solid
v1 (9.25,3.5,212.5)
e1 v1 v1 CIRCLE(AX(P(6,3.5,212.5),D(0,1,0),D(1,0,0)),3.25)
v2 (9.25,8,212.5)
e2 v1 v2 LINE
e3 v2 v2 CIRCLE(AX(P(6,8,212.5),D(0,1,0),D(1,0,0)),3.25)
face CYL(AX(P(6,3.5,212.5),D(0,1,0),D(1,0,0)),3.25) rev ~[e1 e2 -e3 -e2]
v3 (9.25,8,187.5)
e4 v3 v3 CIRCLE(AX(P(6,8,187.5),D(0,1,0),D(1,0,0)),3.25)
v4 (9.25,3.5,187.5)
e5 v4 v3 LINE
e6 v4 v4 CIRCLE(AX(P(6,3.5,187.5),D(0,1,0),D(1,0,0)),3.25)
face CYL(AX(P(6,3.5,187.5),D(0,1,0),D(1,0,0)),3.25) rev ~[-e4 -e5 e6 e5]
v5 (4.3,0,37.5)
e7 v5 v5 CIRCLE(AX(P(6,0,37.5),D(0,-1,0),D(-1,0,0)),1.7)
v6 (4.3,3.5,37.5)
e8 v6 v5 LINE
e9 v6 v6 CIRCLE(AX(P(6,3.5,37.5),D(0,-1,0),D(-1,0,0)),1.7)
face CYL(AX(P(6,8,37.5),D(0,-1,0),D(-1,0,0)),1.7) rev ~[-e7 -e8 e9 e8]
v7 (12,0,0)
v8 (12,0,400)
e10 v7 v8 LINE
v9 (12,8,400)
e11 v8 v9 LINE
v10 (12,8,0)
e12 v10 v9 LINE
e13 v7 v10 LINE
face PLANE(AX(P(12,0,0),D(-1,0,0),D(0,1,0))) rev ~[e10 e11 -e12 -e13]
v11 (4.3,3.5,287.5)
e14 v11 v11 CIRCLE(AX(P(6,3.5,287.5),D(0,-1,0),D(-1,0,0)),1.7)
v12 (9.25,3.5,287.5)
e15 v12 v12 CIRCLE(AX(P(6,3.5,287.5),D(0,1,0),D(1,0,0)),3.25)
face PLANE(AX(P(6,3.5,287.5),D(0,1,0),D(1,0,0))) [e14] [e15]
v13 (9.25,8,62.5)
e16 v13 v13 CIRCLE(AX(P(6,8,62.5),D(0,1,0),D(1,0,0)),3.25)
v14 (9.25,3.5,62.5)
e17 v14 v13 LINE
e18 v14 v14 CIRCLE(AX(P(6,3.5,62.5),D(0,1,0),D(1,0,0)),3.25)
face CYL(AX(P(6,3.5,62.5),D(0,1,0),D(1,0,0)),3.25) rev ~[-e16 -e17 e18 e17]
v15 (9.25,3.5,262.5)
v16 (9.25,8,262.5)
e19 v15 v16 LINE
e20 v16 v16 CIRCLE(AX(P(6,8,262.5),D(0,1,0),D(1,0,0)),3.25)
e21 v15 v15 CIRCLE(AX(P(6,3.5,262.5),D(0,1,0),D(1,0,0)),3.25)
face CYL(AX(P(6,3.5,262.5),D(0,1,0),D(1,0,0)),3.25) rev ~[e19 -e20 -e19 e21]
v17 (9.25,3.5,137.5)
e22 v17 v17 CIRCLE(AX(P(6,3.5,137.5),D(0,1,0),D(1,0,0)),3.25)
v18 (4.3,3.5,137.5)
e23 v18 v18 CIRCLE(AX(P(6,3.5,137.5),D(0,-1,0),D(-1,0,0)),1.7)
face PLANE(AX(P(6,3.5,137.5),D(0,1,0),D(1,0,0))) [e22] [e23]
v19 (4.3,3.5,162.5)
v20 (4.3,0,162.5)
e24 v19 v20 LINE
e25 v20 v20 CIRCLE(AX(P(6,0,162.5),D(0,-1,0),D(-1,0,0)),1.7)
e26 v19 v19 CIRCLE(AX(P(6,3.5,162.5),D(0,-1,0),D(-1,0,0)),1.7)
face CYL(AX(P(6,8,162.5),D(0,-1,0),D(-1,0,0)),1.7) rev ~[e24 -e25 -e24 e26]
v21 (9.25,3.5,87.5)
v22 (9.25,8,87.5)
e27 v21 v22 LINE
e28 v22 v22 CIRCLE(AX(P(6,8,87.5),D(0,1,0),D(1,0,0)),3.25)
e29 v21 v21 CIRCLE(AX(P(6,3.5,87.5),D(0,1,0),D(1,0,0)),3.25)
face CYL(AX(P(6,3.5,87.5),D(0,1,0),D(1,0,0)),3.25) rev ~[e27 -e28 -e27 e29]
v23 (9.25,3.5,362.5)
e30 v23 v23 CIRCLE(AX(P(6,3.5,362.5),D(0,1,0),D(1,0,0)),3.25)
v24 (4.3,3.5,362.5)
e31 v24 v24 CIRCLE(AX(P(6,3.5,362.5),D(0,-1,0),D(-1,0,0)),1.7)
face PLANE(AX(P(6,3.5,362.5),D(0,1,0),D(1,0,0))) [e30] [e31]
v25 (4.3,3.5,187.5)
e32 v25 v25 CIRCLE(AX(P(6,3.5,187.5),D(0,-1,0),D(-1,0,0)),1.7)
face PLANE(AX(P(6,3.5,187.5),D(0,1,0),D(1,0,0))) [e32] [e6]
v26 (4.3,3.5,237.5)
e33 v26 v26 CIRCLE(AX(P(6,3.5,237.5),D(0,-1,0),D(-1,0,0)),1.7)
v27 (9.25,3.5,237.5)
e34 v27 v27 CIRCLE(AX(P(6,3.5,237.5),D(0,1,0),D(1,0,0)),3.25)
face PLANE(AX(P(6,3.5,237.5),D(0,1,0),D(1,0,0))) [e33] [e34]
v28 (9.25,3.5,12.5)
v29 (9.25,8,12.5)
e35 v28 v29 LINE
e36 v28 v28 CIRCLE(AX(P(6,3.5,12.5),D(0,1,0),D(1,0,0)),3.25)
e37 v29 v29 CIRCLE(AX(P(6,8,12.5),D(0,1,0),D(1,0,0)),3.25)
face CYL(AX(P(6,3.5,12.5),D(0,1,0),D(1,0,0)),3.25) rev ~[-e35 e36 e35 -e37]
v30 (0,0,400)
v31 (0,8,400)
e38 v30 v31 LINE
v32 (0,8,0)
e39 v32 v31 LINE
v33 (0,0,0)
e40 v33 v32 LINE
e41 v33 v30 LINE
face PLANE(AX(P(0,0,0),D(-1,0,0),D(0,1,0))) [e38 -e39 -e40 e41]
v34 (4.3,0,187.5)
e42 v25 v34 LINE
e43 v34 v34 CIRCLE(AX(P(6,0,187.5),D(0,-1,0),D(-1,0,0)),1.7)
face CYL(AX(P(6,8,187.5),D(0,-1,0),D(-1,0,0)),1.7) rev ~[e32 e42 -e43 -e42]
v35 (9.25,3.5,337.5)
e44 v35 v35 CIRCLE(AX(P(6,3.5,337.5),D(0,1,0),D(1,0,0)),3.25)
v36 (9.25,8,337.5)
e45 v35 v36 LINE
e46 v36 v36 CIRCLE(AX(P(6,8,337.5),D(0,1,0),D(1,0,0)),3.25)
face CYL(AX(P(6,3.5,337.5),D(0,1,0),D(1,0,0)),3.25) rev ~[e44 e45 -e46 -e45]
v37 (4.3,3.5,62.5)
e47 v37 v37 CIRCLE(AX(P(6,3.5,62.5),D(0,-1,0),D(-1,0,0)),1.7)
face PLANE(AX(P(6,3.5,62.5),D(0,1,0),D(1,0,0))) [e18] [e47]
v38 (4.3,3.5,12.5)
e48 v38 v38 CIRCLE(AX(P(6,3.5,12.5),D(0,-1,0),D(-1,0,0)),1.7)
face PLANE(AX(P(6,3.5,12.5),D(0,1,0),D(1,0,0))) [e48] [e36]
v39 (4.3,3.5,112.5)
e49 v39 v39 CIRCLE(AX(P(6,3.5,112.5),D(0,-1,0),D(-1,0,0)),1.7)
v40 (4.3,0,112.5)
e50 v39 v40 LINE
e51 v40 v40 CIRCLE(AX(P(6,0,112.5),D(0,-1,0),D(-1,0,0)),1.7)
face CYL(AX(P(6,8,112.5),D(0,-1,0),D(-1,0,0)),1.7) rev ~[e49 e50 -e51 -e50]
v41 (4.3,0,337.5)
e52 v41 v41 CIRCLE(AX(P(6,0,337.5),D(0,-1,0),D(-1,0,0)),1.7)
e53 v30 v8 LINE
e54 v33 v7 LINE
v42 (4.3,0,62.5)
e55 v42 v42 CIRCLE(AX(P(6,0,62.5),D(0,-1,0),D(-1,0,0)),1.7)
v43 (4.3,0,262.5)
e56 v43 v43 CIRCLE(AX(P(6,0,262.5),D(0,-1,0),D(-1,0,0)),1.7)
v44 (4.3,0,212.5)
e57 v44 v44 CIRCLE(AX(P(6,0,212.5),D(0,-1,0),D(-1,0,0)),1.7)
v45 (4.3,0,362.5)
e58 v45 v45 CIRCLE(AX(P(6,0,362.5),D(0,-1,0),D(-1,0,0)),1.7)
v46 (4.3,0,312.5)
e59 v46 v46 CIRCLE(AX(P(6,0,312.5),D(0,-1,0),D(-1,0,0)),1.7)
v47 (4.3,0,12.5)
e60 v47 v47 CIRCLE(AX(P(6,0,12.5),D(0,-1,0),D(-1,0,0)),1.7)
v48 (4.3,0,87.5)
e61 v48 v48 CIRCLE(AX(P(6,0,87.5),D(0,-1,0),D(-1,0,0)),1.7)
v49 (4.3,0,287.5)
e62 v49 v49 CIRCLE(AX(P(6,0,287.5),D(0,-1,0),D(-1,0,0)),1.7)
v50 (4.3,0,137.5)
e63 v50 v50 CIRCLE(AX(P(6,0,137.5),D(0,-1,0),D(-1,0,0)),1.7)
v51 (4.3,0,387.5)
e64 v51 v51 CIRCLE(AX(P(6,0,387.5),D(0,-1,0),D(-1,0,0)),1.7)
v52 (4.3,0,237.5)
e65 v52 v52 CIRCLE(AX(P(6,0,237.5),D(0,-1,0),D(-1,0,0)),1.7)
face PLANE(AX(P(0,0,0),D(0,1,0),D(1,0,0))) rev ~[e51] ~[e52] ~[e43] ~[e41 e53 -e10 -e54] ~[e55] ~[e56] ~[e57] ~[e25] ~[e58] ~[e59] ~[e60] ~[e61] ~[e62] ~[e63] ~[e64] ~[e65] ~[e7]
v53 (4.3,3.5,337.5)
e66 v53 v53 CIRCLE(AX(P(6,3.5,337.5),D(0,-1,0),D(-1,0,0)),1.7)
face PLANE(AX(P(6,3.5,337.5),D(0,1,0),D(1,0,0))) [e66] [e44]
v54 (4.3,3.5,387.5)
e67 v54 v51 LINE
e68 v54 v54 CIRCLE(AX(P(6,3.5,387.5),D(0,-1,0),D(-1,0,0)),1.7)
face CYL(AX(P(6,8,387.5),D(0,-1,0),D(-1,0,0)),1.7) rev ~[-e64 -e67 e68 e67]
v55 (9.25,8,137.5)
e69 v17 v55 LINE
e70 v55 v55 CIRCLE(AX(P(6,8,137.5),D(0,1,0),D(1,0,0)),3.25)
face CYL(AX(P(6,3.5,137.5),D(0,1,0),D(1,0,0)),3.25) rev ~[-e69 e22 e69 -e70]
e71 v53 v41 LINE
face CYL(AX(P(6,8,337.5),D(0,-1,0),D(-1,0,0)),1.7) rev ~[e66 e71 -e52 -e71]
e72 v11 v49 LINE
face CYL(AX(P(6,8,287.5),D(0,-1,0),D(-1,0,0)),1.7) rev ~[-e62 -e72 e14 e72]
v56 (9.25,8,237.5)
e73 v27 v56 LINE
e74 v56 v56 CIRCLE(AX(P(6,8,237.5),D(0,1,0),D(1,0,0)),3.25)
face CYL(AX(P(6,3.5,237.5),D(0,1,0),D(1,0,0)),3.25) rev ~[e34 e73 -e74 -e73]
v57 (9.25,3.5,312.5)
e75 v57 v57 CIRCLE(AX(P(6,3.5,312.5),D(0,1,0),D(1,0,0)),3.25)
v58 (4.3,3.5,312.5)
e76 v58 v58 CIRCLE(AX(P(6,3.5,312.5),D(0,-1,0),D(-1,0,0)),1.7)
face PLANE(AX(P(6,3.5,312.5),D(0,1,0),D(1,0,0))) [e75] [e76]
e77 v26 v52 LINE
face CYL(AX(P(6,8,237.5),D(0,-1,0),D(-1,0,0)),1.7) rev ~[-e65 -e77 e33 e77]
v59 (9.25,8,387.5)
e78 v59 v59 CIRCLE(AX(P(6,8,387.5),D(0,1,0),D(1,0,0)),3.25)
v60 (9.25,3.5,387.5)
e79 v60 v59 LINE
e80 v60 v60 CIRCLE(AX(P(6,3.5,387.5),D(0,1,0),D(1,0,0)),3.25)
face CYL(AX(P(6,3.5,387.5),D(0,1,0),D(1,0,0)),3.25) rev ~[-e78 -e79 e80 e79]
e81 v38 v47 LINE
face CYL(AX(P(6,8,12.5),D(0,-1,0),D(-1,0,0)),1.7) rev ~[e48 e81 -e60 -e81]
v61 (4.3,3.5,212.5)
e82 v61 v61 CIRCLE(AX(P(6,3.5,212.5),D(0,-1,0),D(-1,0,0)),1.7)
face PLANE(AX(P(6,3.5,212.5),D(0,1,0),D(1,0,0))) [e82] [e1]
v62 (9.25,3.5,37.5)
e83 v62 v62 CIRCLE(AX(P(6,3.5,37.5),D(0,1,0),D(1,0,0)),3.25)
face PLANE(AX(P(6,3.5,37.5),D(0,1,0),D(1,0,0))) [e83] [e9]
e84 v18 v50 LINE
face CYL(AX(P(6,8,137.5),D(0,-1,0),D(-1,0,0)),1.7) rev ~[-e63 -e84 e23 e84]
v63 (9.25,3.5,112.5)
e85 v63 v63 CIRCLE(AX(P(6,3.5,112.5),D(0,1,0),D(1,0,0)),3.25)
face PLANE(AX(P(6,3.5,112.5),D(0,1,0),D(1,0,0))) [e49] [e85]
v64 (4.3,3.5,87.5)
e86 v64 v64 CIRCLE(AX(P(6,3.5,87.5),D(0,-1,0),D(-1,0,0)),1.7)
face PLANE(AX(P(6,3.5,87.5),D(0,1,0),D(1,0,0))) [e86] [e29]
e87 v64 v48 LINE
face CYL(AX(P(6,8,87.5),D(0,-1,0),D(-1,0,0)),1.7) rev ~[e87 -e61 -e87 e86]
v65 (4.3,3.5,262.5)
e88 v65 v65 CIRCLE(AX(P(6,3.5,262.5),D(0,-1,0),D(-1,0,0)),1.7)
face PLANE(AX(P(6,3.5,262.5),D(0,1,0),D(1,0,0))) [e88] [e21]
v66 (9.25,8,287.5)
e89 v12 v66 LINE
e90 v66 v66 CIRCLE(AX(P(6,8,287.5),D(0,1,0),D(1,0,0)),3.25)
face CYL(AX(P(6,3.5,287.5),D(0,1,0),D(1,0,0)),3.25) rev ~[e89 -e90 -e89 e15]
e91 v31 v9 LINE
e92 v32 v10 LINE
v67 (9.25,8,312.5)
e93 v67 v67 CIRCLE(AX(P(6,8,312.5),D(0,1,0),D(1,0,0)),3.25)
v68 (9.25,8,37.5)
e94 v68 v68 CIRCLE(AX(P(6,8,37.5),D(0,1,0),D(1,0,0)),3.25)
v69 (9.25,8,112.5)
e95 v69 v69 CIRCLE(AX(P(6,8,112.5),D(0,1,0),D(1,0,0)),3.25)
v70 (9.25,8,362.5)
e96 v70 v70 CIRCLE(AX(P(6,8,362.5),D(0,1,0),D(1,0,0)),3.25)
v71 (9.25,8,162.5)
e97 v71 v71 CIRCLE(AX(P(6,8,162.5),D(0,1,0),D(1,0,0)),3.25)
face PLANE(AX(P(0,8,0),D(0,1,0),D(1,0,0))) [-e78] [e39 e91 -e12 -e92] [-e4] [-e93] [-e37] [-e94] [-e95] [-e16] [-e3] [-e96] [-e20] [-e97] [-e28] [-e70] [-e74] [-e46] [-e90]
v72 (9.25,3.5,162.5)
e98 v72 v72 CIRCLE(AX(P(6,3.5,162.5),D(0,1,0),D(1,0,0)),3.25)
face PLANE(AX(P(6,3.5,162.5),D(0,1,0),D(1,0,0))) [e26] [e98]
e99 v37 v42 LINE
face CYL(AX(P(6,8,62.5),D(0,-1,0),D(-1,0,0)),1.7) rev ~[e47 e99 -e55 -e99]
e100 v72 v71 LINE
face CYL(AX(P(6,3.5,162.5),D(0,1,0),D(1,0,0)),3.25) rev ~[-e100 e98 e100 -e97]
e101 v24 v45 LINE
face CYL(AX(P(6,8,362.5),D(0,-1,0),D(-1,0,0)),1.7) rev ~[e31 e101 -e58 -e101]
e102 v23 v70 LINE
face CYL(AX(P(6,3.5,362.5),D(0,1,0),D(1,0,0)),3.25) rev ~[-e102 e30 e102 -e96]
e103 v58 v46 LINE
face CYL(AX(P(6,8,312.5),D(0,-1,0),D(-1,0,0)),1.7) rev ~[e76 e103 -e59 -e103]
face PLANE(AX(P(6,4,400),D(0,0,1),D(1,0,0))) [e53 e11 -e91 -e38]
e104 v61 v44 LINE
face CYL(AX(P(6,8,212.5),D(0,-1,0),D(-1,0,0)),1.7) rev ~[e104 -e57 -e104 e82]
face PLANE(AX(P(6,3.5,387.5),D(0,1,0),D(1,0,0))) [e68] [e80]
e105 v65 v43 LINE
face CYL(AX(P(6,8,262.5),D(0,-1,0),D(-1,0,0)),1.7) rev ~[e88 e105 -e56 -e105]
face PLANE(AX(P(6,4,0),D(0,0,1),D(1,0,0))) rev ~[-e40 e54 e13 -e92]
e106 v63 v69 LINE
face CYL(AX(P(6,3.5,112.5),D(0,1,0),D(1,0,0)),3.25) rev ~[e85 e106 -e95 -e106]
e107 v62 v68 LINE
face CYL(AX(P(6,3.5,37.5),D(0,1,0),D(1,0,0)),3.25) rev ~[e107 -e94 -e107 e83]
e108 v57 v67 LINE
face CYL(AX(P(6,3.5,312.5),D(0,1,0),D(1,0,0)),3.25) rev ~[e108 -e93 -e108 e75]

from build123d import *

# Parameters (mm, degrees)
SKETCH1_W                      = 12
SKETCH1_H                      = 8
BOSS_EXTRUDE1_DEPTH            = 400
CBORE_FOR_M3_SHCS1_D           = 3.4
CBORE_FOR_M3_SHCS1_CBORE_D     = 6.5
CBORE_FOR_M3_SHCS1_CBORE_DEPTH = 4.5
LPATTERN1_COUNT                = 16
LPATTERN1_PITCH                = 25


with BuildPart() as part:
    # Sketch1 → Boss-Extrude1 (new body)
    with BuildSketch(Plane.XY):
        with Locations((6, 4)):
            Rectangle(SKETCH1_W, SKETCH1_H)
    extrude(amount=BOSS_EXTRUDE1_DEPTH)

    # CBORE for M3 SHCS1 (through all)
    with Locations(Plane(origin=(0, 8, 0), x_dir=(1, 0, 0), z_dir=(0, 1, 0))):
        with Locations((6, -387.5)):
            cbore_for_m3_shcs1 = CounterBoreHole(CBORE_FOR_M3_SHCS1_D / 2, CBORE_FOR_M3_SHCS1_CBORE_D / 2, CBORE_FOR_M3_SHCS1_CBORE_DEPTH)

    # LPattern1: CBORE for M3 SHCS1 ×16
    with Locations(*[(0, 0, -i * LPATTERN1_PITCH) for i in range(1, LPATTERN1_COUNT)]):
        add(cbore_for_m3_shcs1, mode=Mode.SUBTRACT)


solid = part.part
